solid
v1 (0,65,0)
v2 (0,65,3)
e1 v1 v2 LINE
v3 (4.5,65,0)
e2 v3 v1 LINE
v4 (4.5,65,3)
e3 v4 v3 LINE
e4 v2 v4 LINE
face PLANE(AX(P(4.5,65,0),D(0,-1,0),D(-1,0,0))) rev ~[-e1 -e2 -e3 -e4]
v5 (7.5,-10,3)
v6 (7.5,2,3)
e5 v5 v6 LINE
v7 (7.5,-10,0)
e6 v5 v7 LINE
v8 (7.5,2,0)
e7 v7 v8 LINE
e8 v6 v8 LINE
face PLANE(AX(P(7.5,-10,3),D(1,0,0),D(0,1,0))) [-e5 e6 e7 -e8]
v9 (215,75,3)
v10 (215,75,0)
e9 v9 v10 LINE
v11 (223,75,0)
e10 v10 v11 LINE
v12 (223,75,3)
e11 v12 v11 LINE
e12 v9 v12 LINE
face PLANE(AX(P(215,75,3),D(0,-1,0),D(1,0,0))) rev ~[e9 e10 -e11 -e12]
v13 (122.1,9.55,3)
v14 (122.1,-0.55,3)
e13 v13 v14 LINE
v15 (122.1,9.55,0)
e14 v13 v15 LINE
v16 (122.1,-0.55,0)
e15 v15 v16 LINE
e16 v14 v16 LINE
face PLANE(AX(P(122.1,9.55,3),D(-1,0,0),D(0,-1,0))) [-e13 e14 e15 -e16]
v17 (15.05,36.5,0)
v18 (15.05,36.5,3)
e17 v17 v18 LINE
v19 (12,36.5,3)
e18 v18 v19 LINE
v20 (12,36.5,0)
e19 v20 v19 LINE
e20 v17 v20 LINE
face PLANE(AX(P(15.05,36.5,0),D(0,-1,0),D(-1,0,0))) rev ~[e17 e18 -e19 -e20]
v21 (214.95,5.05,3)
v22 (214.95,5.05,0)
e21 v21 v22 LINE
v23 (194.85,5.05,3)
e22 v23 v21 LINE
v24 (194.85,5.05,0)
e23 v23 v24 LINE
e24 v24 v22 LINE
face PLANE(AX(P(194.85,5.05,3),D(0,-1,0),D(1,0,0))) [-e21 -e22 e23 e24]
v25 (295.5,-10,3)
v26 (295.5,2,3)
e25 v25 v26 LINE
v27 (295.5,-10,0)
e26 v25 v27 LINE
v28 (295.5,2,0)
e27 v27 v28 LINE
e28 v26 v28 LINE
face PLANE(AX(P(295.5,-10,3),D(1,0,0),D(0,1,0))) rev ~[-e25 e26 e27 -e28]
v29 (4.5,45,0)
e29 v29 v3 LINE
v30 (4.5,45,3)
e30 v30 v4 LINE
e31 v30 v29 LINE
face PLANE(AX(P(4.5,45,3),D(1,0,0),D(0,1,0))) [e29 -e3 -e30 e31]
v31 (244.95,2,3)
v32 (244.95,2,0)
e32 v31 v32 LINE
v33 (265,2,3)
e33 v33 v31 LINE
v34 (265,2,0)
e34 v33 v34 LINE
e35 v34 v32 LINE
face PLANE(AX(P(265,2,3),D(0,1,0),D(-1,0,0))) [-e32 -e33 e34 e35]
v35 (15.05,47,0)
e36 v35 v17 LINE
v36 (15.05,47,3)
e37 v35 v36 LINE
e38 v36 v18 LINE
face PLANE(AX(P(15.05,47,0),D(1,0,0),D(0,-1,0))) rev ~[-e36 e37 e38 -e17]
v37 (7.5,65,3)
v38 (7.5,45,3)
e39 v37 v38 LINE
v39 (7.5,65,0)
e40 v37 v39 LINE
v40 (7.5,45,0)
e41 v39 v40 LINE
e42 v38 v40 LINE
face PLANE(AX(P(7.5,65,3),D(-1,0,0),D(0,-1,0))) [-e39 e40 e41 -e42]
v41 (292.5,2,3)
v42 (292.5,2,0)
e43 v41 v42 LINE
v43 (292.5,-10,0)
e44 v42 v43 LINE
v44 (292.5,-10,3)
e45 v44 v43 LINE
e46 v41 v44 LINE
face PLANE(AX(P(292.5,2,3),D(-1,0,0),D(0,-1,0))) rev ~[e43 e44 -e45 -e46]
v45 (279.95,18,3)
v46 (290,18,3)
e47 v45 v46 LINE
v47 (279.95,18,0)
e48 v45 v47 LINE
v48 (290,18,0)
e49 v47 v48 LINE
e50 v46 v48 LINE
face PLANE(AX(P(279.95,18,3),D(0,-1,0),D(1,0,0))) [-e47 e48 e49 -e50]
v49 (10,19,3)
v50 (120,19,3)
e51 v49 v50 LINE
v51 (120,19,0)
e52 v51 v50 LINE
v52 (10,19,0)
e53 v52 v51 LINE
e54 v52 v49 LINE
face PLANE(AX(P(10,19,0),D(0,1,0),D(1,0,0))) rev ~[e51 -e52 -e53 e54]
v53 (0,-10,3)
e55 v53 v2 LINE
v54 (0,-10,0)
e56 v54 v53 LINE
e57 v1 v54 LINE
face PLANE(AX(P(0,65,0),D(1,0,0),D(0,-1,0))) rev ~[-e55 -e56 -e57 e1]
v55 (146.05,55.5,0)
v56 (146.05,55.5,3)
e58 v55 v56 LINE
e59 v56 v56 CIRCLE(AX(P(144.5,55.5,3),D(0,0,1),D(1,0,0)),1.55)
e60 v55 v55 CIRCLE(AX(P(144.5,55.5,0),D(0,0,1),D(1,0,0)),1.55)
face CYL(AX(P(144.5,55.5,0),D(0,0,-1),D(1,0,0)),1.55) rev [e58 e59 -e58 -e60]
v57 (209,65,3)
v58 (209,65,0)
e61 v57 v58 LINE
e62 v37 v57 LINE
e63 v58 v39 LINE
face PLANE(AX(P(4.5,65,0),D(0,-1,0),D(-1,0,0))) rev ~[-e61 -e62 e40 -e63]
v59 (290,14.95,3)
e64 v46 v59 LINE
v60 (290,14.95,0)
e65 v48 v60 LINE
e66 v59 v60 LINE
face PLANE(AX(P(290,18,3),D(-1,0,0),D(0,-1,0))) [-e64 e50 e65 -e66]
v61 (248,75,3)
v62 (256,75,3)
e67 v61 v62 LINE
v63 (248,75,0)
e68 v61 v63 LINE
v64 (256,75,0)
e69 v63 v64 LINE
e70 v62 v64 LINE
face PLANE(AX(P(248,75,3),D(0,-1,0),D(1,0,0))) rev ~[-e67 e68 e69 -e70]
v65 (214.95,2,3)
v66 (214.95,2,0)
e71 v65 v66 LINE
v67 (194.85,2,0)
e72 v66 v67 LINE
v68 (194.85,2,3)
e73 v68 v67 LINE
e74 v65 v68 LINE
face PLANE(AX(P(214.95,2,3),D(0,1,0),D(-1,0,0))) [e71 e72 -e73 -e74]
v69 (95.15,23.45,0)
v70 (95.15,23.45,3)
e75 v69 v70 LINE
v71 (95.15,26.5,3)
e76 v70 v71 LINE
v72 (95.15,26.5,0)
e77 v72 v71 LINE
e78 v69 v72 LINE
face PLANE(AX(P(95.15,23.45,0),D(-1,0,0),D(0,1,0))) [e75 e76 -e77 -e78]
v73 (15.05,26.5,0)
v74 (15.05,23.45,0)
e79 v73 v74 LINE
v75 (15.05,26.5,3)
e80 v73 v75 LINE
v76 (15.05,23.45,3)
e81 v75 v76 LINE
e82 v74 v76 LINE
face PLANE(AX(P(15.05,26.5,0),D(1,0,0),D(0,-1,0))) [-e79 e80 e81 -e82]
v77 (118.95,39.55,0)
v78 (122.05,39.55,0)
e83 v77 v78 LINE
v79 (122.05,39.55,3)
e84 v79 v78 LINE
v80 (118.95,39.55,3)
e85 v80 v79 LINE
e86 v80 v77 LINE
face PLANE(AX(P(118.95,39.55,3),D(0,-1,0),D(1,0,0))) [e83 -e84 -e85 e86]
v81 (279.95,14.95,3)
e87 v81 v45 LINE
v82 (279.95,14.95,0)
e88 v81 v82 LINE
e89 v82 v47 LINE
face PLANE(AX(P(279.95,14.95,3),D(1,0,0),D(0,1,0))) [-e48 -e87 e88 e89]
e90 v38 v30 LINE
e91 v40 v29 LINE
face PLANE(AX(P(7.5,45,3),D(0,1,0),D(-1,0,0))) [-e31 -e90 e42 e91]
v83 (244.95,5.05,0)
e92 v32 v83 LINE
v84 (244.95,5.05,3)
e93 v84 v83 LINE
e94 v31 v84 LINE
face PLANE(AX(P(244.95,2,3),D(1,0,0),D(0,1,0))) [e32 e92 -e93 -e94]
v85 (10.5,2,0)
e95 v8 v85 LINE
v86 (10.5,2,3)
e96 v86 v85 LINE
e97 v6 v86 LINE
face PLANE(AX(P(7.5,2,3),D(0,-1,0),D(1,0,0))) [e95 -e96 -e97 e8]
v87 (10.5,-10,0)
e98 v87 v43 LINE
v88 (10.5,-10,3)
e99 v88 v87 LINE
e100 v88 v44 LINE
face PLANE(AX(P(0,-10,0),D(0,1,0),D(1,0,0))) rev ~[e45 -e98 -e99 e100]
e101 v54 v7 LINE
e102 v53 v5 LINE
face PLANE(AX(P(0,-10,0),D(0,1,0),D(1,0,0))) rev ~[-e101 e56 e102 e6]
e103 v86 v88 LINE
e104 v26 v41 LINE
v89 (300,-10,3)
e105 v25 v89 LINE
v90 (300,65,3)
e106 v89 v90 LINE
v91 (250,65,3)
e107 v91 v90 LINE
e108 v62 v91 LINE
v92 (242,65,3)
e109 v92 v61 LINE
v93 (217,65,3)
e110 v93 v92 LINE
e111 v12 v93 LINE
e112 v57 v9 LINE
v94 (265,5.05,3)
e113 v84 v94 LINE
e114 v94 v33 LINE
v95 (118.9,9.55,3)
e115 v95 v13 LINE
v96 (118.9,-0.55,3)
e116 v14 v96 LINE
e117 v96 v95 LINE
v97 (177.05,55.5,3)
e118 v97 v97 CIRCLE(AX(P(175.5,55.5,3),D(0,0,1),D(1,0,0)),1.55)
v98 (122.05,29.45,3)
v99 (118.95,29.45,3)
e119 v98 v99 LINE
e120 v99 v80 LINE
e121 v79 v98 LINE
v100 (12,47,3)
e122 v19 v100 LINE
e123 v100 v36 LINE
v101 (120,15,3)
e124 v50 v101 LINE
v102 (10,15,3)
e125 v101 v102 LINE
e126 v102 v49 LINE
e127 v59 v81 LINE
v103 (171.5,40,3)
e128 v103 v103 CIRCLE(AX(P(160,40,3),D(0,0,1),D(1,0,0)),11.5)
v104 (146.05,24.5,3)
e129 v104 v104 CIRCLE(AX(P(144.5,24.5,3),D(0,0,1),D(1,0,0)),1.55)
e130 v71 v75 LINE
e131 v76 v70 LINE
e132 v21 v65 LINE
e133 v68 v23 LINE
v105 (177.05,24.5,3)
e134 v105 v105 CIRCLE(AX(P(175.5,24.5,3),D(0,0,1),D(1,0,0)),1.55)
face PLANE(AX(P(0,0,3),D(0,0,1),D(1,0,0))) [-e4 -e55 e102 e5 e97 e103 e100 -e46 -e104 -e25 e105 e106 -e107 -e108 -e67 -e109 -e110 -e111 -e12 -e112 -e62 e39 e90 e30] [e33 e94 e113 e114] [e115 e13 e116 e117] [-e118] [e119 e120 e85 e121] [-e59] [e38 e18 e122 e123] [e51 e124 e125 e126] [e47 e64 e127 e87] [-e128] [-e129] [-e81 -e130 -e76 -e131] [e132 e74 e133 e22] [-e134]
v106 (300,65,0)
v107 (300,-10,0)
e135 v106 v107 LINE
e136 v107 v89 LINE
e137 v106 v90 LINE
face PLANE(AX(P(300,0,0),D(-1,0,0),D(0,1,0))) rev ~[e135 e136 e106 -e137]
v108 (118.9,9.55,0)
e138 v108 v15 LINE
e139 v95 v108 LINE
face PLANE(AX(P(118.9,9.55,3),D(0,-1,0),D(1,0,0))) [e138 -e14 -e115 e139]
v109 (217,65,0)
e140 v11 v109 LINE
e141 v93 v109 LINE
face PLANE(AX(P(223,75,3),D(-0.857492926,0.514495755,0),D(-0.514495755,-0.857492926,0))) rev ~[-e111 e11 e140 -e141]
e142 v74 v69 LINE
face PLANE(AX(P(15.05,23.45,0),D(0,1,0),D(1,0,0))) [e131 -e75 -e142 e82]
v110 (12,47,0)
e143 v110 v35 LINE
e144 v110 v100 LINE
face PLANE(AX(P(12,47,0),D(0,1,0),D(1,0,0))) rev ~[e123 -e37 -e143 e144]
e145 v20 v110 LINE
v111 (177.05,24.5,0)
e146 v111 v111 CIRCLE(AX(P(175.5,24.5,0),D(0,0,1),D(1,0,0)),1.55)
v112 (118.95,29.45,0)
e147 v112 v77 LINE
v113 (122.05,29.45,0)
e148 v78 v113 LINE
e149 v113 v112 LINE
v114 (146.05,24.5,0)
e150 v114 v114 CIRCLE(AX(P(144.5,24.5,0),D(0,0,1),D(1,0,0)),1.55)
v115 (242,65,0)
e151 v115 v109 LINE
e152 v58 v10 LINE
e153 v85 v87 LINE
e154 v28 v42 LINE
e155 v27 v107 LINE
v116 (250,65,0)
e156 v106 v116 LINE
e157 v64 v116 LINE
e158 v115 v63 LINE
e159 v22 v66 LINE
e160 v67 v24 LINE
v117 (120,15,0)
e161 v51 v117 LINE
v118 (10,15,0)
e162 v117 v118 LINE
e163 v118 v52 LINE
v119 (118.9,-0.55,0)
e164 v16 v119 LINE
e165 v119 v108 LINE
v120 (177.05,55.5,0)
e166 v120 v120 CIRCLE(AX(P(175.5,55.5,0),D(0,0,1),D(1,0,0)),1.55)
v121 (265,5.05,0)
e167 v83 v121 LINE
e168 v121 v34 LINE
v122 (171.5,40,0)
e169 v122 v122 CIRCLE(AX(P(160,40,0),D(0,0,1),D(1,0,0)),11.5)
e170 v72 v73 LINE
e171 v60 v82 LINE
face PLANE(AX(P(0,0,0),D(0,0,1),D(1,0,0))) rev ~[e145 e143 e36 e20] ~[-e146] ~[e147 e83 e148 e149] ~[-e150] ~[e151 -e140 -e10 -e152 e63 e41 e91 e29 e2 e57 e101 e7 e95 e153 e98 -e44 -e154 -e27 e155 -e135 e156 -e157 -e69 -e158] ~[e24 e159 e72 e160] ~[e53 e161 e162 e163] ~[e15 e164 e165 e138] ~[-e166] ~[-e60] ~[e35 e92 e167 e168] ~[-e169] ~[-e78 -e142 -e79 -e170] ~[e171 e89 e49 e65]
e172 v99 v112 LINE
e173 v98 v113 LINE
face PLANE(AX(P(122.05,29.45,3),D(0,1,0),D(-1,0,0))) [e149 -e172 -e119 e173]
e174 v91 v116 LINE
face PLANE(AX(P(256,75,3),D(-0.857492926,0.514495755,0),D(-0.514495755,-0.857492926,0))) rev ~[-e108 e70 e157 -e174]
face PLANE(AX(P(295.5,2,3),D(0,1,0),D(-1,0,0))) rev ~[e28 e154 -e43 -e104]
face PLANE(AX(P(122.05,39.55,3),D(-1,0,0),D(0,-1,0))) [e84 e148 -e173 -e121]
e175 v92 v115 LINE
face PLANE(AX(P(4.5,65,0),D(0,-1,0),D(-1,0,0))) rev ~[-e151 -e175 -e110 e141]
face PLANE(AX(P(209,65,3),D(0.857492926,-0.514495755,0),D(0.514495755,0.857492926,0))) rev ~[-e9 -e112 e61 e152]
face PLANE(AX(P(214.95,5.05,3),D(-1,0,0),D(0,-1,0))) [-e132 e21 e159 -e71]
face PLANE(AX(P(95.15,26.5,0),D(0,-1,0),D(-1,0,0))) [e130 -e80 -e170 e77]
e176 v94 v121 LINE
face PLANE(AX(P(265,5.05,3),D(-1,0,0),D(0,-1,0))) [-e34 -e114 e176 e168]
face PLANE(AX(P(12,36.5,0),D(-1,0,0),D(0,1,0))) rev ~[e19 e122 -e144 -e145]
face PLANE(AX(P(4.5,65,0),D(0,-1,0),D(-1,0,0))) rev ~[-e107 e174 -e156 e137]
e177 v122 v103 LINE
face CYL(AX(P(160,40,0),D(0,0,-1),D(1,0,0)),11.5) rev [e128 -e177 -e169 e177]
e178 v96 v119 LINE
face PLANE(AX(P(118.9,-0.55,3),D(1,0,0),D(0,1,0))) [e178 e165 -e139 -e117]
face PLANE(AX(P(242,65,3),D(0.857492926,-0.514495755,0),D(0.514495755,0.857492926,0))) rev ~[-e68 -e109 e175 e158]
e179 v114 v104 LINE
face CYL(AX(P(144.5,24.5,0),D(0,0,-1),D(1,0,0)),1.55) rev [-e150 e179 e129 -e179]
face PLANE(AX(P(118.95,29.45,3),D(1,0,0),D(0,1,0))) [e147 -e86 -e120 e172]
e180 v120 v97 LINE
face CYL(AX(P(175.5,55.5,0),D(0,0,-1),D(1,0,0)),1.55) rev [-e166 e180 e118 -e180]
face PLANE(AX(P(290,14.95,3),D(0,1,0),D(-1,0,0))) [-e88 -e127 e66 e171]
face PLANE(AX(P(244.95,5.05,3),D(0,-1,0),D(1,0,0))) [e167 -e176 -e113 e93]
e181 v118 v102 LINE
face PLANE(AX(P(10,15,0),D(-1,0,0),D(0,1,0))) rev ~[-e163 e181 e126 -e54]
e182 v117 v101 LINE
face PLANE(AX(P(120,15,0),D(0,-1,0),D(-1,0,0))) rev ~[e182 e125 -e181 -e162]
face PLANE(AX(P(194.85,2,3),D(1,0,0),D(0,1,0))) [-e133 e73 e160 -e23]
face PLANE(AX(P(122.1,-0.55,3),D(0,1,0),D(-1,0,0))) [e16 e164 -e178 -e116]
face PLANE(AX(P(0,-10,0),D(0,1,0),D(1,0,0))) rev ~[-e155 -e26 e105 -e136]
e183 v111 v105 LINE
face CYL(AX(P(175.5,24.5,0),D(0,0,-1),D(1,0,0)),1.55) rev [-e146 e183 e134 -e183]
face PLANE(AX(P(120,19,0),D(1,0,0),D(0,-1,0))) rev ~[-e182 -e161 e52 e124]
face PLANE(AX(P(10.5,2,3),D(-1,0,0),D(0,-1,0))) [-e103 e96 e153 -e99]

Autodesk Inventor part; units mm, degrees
ref_plane "YZ Plane" through (0, 0, 0) normal (1, 0, 0) x (0, 1, 0)
ref_plane "XZ Plane" through (0, 0, 0) normal (0, 1, 0) x (-1, 0, 0)
ref_plane "XY Plane" through (0, 0, 0) normal (0, 0, 1) x (1, 0, 0)
sketch "Sketch1" plane through (0, 0, 0) normal (0, 0, 1) x (1, 0, 0)
  line L0 (0, 0) -> (300, 0)
  line L1 (300, 0) -> (300, 65)
  line L2 (300, 65) -> (0, 65)
  line L3 (0, 65) -> (0, 0)
  circle A0 centre (144.5, 55.5) radius 1.55
  circle A1 centre (144.5, 24.5) radius 1.55
  circle A2 centre (175.5, 55.5) radius 1.55
  circle A3 centre (175.5, 24.5) radius 1.55
  circle A4 centre (160, 40) radius 11.5
  line L4 (10, 19) -> (120, 19)
  line L5 (120, 19) -> (120, 15)
  line L6 (120, 15) -> (10, 15)
  line L7 (10, 15) -> (10, 19)
  line L8 (0, 65) -> (39.6145, 65)
  line L9 (4.5, 65) -> (7.5, 65)
  line L10 (0, 65) -> (50, 65)
  line L11 (0, 0) -> (0, -10)
  line L12 (0, -10) -> (300, -10)
  line L13 (300, -10) -> (300, 0)
  point P0 (10, 17)
  point P1 (120, 17)
  dimension "d1" = 3.1
  dimension "d2" = 3.1
  dimension "d3" = 3.1
  dimension "d4" = 3.1
  dimension "d5" = 31
  dimension "d7" = 23
  dimension "d8" = 15.5
  dimension "d9" = 15.5
  dimension "d10" = 65
  dimension "d11" = 31
  dimension "d13" = 40
  dimension "d54" = 300
  dimension "d55" = 3
  dimension "d59" = 110
  dimension "d93" = 15
  dimension "d107" = 10
  dimension "d201" = 4
  dimension "d202" = 10
  dimension "d287" = 140
extrude "Extrusion1" add sketch "Sketch1" along normal blind 3
sketch "Sketch7" plane through (0, 0, 3) normal (0, 0, 1) x (1, 0, 0)
  line L0 (300, 65) -> (0, 65) projected
  circle A0 centre (144.5, 55.5) radius 1.55 projected
  line L1 (118.95, 39.55) -> (122.05, 39.55)
  line L2 (122.05, 39.55) -> (122.05, 29.45)
  line L3 (122.05, 29.45) -> (118.95, 29.45)
  line L4 (118.95, 29.45) -> (118.95, 39.55)
  line L5 (118.95, 39.55) -> (122.05, 29.45) construction
  line L6 (122.05, 39.55) -> (118.95, 29.45) construction
  line L7 (122.1, 9.55) -> (122.1, -0.55)
  line L8 (122.1, -0.55) -> (118.9, -0.55)
  line L9 (118.9, 9.55) -> (122.1, 9.55)
  line L10 (118.9, -0.55) -> (118.9, 9.55)
  line L11 (118.9, 9.55) -> (122.1, -0.55) construction
  line L12 (122.1, 9.55) -> (118.9, -0.55) construction
  line L13 (0, -10) -> (300, -10) projected
  line L14 (300, -10) -> (300, 65) projected
  circle A1 centre (144.5, 24.5) radius 1.55 projected
  point P0 (0, 0)
  point P1 (242, 62)
  point P2 (120.5, 34.5)
  point P3 (120.5, 4.5)
  point P4 (118.9, 4.5)
  point P5 (150, -10)
  dimension "d185" = 3.2
  dimension "d271" = 3.1
  dimension "d273" = 30
  dimension "d275" = 24
extrude "Extrusion6" cut sketch "Sketch7" against normal blind 3 contours L1 L2 L3 L4 | L7 L8 L10 L9
sketch "Sketch8" plane through (0, 0, 3) normal (0, 0, 1) x (1, 0, 0)
  line L0 (0, -10) -> (300, -10) projected
  line L1 (279.95, 18) -> (290, 18)
  line L2 (290, 18) -> (290, 14.95)
  line L3 (290, 14.95) -> (279.95, 14.95)
  line L4 (279.95, 14.95) -> (279.95, 18)
  line L5 (300, -10) -> (300, 65) projected
  line L6 (7.5, 2) -> (10.5, 2)
  line L7 (10.5, 2) -> (10.5, -10)
  line L8 (10.5, -10) -> (7.5, -10)
  line L9 (7.5, -10) -> (7.5, 2)
  line L10 (7.5, 2) -> (10.5, -10) construction
  line L11 (10.5, 2) -> (7.5, -10) construction
  line L12 (295.5, 2) -> (292.5, 2)
  line L13 (292.5, 2) -> (292.5, -10)
  line L14 (292.5, -10) -> (295.5, -10)
  line L15 (295.5, -10) -> (295.5, 2)
  line L16 (295.5, 2) -> (292.5, -10) construction
  line L17 (292.5, 2) -> (295.5, -10) construction
  line L18 (300, 65) -> (0, 65) projected
  line L19 (7.5, 45) -> (4.5, 45)
  line L20 (4.5, 45) -> (4.5, 65)
  line L21 (4.5, 65) -> (7.5, 65)
  line L22 (7.5, 65) -> (7.5, 45)
  line L23 (7.5, 45) -> (4.5, 65) construction
  line L24 (4.5, 45) -> (7.5, 65) construction
  point P0 (0, 0)
  point P1 (9, -4)
  point P2 (7.5, -4)
  point P3 (294, -4)
  point P4 (7.5, -10)
  point P5 (10.5, -10)
  point P6 (6, 55)
  dimension "d219" = 28
  dimension "d220" = 3.05
  dimension "d221" = 10.05
  dimension "d222" = 10
  dimension "d223" = 3
  dimension "d247" = 3
  dimension "d248" = 6
  dimension "d249" = 12
  dimension "d296" = 3
  dimension "d297" = 4.5
  dimension "d298" = 20
extrude "Extrusion7" cut sketch "Sketch8" against normal blind 3
sketch "Sketch11" plane through (0, 0, 0) normal (0, 0, -1) x (-1, 0, 0)
  line L0 (-12, 47) -> (-15.05, 47)
  line L1 (-15.05, 47) -> (-15.05, 36.5)
  line L2 (-15.05, 36.5) -> (-12, 36.5)
  line L3 (-12, 36.5) -> (-12, 47)
  line L4 (0, 65) -> (0, -10) projected
  line L5 (-300, 65) -> (0, 65) projected
  line L6 (-95.15, 26.5) -> (-15.05, 26.5)
  line L7 (-15.05, 26.5) -> (-15.05, 23.45)
  line L8 (-15.05, 23.45) -> (-95.15, 23.45)
  line L9 (-95.15, 23.45) -> (-95.15, 26.5)
  point P0 (0, 0)
  point P1 (-12, 41.75)
  point P2 (-7.5, 65)
  dimension "d276" = 12
  dimension "d277" = 18
  dimension "d278" = 10.5
  dimension "d279" = 3.05
  dimension "d282" = 10
  dimension "d283" = 80.1
  dimension "d284" = 3.05
extrude "Extrusion9" cut sketch "Sketch11" against normal blind 3
sketch "Sketch12" plane through (0, 0, 3) normal (0, 0, 1) x (1, 0, 0)
  line L0 (194.85, 5.05) -> (214.95, 5.05)
  line L1 (214.95, 5.05) -> (214.95, 2)
  line L2 (214.95, 2) -> (194.85, 2)
  line L3 (194.85, 2) -> (194.85, 5.05)
  line L4 (244.95, 5.05) -> (265, 5.05)
  line L5 (265, 5.05) -> (265, 2)
  line L6 (265, 2) -> (244.95, 2)
  line L7 (244.95, 2) -> (244.95, 5.05)
  point P0 (0, 0)
  point P1 (300, -10)
  dimension "d288" = 3.05
  dimension "d289" = 20.05
  dimension "d290" = 20.1
  dimension "d291" = 30
  dimension "d292" = 35
  dimension "d293" = 12
extrude "Extrusion10" cut sketch "Sketch12" against normal blind 3
sketch "Sketch13" plane through (0, 0, 3) normal (0, 0, 1) x (1, 0, 0)
  line L0 (300, 65) -> (7.5, 65) projected
  line L1 (209, 65) -> (215, 75)
  line L2 (215, 75) -> (223, 75)
  line L3 (223, 75) -> (217, 65)
  line L4 (242, 65) -> (248, 75)
  line L5 (248, 75) -> (256, 75)
  line L6 (256, 75) -> (250, 65)
  point P0 (0, 0)
  dimension "d299" = 10
  dimension "d300" = 8
  dimension "d301" = 6
  dimension "d302" = 50
  dimension "d303" = 25
  dimension "d304" = 8
extrude "Extrusion11" add sketch "Sketch13" against normal blind 3
properties part number "Sideboard"
